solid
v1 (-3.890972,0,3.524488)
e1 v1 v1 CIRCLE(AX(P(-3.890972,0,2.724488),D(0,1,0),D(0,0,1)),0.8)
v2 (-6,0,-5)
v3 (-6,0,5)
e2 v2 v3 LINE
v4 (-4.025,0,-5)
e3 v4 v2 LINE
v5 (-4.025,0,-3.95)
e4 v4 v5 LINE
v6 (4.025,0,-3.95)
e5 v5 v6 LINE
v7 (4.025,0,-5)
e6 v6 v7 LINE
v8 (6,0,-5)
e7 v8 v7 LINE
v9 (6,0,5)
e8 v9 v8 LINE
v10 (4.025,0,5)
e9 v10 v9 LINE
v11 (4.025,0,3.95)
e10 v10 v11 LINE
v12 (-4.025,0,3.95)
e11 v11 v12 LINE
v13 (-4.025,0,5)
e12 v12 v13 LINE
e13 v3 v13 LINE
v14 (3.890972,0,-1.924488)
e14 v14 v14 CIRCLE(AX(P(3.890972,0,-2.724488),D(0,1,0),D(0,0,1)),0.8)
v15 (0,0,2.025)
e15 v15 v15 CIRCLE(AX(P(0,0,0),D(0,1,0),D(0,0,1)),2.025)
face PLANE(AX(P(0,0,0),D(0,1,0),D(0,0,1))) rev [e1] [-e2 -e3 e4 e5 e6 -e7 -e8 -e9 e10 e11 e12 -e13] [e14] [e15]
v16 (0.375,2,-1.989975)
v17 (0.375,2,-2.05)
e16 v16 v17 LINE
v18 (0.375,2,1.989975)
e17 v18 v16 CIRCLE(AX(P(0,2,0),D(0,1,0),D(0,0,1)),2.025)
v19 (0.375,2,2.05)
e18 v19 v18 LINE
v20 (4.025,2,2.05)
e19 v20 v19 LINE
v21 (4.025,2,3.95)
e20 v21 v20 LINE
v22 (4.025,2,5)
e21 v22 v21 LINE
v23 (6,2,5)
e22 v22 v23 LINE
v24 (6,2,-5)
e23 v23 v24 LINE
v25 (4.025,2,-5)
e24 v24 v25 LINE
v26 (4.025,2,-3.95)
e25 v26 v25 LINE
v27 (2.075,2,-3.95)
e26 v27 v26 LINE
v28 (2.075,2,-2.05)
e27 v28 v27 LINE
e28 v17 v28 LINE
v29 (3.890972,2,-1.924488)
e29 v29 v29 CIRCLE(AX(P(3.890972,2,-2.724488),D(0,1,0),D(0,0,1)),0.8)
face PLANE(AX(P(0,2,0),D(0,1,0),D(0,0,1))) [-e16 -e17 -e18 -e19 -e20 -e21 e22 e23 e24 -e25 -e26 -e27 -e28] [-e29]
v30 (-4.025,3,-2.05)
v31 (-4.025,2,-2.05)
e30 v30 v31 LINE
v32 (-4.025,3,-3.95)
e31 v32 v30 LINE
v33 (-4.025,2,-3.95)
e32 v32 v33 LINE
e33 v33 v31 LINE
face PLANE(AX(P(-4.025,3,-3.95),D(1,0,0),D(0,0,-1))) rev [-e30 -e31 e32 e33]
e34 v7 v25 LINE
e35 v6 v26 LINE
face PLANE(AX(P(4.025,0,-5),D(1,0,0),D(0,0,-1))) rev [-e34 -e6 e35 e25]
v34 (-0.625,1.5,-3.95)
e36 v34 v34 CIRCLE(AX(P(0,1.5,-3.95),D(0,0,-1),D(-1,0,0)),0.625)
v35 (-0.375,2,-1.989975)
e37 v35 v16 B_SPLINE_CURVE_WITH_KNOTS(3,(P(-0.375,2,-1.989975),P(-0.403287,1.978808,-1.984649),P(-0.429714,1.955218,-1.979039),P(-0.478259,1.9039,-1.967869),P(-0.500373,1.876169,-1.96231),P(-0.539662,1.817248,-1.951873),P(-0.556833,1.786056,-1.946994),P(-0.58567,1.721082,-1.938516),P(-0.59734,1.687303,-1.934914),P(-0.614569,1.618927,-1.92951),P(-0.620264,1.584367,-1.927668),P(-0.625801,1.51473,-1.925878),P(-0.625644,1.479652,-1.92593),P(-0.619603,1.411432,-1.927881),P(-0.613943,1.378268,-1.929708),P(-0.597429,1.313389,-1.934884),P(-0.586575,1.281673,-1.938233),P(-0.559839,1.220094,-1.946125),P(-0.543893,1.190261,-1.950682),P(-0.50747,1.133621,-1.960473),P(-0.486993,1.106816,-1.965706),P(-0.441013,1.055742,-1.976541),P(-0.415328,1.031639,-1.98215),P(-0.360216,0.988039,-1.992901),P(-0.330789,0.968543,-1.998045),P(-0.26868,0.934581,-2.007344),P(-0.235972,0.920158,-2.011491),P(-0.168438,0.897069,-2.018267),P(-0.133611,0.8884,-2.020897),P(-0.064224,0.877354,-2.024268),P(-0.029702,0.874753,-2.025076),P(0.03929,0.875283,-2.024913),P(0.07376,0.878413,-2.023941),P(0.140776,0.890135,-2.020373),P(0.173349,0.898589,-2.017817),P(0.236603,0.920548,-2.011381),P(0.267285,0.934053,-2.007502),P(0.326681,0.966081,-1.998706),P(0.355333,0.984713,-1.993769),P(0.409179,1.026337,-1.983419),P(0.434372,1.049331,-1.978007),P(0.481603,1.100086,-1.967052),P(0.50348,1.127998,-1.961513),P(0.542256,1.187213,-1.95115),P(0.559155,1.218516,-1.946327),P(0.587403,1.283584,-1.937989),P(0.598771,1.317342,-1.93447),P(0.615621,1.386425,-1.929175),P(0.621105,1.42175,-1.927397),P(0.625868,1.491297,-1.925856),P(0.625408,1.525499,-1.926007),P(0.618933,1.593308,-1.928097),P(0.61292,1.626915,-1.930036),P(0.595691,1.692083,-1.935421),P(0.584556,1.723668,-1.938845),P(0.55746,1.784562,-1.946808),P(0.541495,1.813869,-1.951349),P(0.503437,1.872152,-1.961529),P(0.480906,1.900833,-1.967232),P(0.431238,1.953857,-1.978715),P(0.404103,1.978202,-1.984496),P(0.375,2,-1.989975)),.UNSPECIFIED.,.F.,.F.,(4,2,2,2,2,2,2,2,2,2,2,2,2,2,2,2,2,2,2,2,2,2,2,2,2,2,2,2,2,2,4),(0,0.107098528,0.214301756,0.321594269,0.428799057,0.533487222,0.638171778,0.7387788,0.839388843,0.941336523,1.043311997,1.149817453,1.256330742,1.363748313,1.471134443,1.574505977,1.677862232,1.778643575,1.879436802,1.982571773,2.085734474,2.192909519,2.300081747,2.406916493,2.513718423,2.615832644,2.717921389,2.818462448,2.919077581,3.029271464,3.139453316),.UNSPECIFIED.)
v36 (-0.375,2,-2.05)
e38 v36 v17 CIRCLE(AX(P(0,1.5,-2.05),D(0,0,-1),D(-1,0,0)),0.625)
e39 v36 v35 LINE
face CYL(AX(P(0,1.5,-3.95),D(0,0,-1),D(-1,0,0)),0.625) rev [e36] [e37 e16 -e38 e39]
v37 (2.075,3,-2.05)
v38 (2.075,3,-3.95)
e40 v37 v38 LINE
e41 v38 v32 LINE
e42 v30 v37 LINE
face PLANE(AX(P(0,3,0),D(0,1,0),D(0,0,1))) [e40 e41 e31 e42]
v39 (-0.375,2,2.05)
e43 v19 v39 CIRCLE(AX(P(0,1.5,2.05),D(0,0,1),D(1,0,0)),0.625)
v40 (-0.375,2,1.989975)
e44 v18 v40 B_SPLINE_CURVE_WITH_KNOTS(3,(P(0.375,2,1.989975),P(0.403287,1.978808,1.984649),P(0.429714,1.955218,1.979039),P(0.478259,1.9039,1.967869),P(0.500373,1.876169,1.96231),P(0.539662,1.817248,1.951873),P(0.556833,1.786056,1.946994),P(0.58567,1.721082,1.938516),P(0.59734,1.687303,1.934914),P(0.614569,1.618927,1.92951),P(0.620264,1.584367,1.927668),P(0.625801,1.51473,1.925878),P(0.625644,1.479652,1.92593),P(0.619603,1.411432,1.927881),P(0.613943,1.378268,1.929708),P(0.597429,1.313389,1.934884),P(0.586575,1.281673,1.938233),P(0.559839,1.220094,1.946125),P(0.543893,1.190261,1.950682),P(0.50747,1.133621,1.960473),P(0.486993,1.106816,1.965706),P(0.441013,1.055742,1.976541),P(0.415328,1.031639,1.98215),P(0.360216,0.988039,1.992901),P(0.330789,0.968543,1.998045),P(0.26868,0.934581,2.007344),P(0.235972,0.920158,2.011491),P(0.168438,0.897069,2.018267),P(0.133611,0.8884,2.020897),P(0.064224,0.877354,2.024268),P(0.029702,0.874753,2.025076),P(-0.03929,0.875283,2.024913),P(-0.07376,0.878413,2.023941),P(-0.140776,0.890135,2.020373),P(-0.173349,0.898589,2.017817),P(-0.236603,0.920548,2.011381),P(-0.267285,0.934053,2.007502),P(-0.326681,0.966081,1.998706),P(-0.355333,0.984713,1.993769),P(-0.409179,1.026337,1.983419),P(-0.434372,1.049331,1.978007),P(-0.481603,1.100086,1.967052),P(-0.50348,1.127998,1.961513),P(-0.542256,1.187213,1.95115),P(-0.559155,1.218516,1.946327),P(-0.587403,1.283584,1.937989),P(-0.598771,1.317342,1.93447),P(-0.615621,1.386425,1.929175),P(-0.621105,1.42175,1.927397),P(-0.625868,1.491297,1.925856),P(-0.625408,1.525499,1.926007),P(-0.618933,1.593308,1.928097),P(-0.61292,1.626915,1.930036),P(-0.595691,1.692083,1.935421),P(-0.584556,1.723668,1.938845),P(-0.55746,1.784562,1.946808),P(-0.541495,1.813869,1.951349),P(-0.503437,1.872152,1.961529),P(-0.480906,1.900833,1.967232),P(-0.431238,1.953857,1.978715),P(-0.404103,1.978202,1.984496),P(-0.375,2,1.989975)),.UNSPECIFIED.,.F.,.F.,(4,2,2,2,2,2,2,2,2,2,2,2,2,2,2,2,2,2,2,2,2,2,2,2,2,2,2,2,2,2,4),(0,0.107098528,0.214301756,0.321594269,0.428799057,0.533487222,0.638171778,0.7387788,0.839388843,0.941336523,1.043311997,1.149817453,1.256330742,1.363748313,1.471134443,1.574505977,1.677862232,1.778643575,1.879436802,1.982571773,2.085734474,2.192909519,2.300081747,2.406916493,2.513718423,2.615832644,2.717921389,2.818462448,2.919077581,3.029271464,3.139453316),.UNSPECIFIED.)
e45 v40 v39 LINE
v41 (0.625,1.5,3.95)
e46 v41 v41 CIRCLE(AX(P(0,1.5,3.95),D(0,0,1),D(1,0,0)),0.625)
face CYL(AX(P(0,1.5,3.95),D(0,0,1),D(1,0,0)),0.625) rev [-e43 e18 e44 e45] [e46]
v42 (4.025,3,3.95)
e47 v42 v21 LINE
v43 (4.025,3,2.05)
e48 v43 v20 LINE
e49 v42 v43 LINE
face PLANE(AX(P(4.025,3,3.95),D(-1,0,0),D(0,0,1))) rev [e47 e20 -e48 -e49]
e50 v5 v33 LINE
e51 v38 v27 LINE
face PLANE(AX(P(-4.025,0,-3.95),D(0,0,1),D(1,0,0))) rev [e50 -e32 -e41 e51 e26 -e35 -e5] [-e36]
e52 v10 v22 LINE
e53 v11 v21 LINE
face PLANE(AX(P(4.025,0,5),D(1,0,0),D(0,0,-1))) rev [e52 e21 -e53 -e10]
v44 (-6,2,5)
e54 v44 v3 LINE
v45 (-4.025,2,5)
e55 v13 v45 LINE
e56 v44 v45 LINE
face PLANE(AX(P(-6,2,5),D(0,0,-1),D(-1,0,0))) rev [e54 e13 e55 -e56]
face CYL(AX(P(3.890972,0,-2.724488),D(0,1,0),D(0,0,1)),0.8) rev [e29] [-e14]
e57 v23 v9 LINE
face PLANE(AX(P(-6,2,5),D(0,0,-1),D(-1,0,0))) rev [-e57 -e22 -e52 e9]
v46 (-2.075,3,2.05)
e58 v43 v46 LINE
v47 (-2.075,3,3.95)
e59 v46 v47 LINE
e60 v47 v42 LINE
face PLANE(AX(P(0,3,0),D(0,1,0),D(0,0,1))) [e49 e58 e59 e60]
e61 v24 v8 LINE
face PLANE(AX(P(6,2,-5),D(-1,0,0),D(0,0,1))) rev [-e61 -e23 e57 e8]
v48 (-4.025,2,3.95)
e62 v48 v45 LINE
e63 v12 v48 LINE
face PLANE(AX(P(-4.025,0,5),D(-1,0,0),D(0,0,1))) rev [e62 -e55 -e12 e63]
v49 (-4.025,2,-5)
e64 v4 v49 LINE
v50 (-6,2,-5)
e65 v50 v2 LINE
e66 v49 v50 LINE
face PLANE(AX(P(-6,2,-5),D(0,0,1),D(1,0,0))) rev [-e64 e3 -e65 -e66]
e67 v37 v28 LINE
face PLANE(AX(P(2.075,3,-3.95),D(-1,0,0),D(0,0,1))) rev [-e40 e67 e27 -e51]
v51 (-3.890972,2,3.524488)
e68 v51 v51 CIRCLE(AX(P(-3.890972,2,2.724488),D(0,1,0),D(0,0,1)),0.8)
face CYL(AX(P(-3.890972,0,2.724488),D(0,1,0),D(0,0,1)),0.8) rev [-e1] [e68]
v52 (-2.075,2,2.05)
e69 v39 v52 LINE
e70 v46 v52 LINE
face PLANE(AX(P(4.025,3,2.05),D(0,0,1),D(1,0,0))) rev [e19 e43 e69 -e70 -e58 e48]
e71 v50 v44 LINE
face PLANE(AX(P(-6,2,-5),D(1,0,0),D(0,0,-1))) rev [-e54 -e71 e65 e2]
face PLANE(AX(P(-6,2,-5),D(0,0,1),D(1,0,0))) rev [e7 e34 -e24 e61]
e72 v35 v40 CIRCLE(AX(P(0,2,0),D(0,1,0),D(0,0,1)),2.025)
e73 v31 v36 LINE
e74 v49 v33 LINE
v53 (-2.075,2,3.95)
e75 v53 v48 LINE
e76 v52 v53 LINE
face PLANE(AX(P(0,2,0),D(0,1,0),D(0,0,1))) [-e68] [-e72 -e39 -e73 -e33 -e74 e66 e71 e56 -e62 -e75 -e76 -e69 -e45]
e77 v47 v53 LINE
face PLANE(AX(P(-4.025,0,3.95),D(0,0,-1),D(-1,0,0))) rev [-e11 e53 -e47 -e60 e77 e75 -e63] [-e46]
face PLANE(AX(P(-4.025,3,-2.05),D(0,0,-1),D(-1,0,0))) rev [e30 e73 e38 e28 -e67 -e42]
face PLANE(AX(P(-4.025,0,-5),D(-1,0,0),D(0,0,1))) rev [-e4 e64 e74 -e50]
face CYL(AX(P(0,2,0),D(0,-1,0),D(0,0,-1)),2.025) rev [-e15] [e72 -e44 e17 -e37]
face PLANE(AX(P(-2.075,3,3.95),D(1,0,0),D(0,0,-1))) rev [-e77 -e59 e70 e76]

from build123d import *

# Parameters (mm, degrees)
SKETCH1_W                = 12
SKETCH1_H                = 10
SKETCH1_R                = 2.025
BOSS_EXTRUDE1_DEPTH      = 2
SKETCH2_R                = 0.8
SKETCH2_W                = 8.05
SKETCH2_H                = 1.05
CUT_EXTRUDE1_DEPTH       = 2
SKETCH3_W                = 6.1
SKETCH3_H                = 1.9
BOSS_EXTRUDE2_DEPTH      = 1
M1_6_TAPPED_HOLE1_REACH  = 13.185
M1_6_TAPPED_HOLE1_BORE_R = 0.625
M1_6_TAPPED_HOLE2_D      = 1.25


with BuildPart() as part:
    # Sketch1 → Boss-Extrude1 (new body)
    with BuildSketch(Plane(origin=(0, 0, 0), x_dir=(1, 0, 0), z_dir=(0, 1, 0))):
        Rectangle(SKETCH1_W, SKETCH1_H)
        with Locations(Location((0, 0, 0), (0, 0, 270))):
            Circle(SKETCH1_R, mode=Mode.SUBTRACT)
    extrude(amount=BOSS_EXTRUDE1_DEPTH)

    # Sketch2 → Cut-Extrude1 (cut)
    with BuildSketch(Plane(origin=(0, 2, 0), x_dir=(1, 0, 0), z_dir=(0, 1, 0))):
        with Locations(Location((3.89097221, 2.724488073, 0), (0, 0, 270))):
            Circle(SKETCH2_R)
        with Locations(Location((-3.89097221, -2.724488073, 0), (0, 0, 270))):
            Circle(SKETCH2_R)
        with Locations((0, 4.475)):
            Rectangle(SKETCH2_W, SKETCH2_H)
        with Locations((0, -4.475)):
            Rectangle(SKETCH2_W, SKETCH2_H)
    extrude(amount=-CUT_EXTRUDE1_DEPTH, mode=Mode.SUBTRACT)

    # Sketch3 → Boss-Extrude2 (add)
    with BuildSketch(Plane(origin=(0, 2, 0), x_dir=(1, 0, 0), z_dir=(0, 1, 0))):
        with Locations((-0.975, 3)):
            Rectangle(SKETCH3_W, SKETCH3_H)
        with Locations((0.975, -3)):
            Rectangle(SKETCH3_W, SKETCH3_H)
    extrude(amount=BOSS_EXTRUDE2_DEPTH)

    # M1.6 Tapped Hole1 bore → M1.6 Tapped Hole1 (cut, up to next)
    with BuildSketch(Plane.XY.offset(3.95), mode=Mode.PRIVATE) as m1_6_tapped_hole1_sk1:
        with Locations((0, 1.5)):
            Circle(M1_6_TAPPED_HOLE1_BORE_R)
    m1_6_tapped_hole1_tool1 = extrude(m1_6_tapped_hole1_sk1.sketch, amount=-M1_6_TAPPED_HOLE1_REACH, mode=Mode.PRIVATE) & part.part
    add(m1_6_tapped_hole1_tool1.solids().sort_by_distance((0, 1.5, 3.95))[0], mode=Mode.SUBTRACT)

    # M1.6 Tapped Hole2 (through all)
    with Locations(Plane(origin=(0, 0, -3.95), x_dir=(-1, 0, 0), z_dir=(0, 0, -1))):
        with Locations((0, 1.5)):
            Hole(M1_6_TAPPED_HOLE2_D / 2)


solid = part.part
